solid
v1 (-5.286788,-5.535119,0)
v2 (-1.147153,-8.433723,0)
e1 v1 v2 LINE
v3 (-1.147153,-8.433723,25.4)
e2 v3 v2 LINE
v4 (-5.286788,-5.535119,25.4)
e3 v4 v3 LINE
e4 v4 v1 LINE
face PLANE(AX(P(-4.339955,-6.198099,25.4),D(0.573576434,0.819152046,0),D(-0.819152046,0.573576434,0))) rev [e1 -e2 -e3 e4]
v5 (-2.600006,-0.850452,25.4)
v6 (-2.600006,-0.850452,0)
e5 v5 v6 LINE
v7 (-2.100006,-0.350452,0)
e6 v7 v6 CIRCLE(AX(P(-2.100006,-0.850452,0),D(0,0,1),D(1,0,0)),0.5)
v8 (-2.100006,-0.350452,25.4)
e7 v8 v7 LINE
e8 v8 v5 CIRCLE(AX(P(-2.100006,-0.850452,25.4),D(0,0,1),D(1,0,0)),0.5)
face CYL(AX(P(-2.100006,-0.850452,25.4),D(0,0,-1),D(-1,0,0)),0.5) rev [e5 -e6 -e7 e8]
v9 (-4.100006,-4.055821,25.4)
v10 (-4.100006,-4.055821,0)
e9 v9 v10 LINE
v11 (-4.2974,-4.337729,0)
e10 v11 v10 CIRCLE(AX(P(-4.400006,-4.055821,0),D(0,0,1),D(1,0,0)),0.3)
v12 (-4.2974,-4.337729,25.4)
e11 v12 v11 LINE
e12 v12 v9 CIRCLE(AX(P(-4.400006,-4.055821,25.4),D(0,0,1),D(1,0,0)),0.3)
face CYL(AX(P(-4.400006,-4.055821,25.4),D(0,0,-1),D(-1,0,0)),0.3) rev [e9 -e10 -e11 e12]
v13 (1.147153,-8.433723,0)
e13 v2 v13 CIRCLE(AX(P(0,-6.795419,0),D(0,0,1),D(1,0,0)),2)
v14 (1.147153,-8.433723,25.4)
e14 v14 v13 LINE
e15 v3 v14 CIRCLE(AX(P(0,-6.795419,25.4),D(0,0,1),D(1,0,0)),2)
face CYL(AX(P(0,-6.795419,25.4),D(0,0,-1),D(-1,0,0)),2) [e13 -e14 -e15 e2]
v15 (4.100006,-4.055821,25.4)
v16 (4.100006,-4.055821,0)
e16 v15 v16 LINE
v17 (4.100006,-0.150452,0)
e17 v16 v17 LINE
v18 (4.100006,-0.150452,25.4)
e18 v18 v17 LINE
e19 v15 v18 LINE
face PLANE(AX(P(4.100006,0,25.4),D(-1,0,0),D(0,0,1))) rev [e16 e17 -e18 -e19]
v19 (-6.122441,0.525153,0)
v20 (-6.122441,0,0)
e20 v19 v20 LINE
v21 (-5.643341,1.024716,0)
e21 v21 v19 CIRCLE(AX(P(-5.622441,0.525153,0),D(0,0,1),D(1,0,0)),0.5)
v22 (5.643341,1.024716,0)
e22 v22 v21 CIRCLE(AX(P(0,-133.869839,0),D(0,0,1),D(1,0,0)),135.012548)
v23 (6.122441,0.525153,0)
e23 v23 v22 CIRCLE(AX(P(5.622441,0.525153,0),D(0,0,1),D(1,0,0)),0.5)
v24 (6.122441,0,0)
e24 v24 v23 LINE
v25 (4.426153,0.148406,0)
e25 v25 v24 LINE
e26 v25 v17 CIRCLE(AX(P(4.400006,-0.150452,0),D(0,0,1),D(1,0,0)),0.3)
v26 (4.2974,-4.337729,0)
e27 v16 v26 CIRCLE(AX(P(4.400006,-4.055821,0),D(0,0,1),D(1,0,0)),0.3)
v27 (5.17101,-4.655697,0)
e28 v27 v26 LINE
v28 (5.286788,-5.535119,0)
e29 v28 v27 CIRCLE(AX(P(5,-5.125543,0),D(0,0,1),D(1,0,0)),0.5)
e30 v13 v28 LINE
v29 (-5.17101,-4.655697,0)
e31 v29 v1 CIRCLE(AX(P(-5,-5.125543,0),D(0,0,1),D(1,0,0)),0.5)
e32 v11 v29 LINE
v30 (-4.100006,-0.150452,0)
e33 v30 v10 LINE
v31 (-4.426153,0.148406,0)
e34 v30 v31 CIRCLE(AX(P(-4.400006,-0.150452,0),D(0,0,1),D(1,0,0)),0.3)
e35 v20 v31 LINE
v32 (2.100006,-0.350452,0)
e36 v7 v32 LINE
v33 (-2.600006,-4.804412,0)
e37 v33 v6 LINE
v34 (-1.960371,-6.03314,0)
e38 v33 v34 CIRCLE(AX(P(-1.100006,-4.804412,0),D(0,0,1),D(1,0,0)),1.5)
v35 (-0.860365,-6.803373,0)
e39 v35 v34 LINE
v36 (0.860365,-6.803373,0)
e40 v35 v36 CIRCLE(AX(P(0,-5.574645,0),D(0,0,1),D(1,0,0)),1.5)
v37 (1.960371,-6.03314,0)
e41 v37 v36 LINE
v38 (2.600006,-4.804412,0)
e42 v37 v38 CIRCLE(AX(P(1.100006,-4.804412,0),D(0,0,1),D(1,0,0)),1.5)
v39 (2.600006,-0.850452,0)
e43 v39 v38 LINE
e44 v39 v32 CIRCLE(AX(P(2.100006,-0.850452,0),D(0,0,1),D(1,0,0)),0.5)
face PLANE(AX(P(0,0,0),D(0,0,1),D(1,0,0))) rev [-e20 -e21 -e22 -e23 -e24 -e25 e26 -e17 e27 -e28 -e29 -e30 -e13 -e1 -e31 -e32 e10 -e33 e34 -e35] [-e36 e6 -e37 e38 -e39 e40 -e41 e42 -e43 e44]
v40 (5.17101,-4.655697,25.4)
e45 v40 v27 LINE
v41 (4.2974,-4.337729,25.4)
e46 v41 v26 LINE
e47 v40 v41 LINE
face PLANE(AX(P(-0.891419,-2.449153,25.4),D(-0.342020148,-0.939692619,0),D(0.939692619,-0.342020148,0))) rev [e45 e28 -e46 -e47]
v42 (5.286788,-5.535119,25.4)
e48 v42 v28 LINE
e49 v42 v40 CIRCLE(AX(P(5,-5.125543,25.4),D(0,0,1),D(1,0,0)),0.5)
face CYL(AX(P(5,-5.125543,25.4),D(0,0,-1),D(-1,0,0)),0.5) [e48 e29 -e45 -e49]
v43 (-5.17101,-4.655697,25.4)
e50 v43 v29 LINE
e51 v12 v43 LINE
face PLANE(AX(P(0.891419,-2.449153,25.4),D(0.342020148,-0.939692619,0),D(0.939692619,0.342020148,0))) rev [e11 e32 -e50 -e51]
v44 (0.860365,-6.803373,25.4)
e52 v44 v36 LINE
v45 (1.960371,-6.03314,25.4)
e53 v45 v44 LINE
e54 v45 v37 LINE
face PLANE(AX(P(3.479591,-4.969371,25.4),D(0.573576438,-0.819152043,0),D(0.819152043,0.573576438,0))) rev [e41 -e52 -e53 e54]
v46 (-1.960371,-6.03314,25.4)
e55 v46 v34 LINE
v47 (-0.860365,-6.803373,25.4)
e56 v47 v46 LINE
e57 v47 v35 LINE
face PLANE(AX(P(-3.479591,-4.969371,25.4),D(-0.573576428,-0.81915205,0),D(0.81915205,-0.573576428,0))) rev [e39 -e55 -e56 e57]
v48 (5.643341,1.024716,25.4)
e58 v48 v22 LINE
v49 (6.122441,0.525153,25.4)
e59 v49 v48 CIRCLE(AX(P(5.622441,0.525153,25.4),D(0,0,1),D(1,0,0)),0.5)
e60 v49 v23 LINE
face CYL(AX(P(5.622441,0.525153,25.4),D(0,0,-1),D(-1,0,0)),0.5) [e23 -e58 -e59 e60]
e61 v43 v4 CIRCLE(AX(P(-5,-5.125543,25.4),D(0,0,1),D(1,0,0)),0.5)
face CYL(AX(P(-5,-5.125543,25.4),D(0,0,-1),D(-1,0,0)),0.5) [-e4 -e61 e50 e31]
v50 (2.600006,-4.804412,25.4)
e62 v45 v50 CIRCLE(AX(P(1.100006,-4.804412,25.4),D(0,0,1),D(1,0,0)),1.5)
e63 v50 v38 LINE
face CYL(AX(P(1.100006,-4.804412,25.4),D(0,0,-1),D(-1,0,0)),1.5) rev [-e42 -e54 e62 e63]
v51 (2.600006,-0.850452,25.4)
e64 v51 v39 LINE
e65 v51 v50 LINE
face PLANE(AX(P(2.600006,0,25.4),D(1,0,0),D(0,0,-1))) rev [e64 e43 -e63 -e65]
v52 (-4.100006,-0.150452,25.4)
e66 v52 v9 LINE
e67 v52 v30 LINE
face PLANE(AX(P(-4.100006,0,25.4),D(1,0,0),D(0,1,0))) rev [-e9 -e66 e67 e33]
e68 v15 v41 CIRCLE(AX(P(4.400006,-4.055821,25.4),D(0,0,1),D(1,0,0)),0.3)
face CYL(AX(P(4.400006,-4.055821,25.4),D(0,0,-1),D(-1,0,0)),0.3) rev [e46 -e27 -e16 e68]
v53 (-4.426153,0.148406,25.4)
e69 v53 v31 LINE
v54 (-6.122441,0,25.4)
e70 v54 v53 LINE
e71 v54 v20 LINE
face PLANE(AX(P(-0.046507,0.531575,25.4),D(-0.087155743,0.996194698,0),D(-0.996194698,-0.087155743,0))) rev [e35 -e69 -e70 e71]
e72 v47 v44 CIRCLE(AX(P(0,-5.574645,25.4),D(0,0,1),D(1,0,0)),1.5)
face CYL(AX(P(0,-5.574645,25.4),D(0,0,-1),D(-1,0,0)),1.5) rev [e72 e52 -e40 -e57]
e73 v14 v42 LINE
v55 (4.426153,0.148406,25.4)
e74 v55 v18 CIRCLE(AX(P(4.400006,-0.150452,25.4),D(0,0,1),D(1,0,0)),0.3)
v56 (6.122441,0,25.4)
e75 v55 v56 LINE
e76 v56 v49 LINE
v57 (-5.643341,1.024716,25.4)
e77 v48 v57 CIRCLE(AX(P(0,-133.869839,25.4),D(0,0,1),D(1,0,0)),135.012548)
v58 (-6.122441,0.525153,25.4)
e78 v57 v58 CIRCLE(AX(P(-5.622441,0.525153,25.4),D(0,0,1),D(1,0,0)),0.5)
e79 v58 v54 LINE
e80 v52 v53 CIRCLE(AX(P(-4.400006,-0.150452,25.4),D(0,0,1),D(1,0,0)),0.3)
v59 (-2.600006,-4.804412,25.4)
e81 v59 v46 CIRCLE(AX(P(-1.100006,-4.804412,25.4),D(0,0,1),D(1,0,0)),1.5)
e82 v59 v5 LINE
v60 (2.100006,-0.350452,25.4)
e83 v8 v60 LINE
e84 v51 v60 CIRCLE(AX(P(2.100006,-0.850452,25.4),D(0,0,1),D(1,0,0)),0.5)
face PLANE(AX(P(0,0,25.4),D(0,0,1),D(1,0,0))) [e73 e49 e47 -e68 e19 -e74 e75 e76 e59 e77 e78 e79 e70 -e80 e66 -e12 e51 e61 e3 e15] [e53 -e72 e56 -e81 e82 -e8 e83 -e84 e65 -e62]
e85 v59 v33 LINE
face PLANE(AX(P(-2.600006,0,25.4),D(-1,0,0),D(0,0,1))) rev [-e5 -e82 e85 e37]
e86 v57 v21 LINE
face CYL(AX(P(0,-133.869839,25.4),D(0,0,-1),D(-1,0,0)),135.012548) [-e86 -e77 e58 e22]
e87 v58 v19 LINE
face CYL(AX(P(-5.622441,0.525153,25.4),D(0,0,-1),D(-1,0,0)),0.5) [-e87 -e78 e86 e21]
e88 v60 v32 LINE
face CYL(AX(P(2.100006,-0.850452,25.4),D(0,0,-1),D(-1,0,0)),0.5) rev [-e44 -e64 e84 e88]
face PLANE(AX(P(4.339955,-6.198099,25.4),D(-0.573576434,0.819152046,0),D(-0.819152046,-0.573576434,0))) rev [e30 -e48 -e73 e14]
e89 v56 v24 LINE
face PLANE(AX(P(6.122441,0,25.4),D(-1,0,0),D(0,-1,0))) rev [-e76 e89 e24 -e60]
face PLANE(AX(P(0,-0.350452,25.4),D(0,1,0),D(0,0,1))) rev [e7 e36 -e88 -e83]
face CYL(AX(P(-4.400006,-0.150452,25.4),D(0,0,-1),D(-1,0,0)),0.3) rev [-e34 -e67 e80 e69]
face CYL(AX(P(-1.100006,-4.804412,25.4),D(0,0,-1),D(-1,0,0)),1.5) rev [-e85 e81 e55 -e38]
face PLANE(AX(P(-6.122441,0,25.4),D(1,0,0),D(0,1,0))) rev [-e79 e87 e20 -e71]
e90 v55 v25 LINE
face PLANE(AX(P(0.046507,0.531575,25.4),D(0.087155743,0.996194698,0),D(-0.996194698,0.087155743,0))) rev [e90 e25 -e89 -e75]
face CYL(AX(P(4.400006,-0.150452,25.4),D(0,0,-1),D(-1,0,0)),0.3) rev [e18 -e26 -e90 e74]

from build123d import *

# Parameters (mm, degrees)
EXTRUSION4_DEPTH = 25.4


with BuildPart() as part:
    # Sketch1 → Extrusion4 (new body)
    with BuildSketch(Plane.XY):
        with BuildLine():
            ThreePointArc((5.643340731, 1.02471553), (5e-09, 1.14270907), (-5.643340721, 1.02471553))
            ThreePointArc((-5.643340721, 1.02471553), (-5.983308169, 0.871238001), (-6.12244139, 0.525152514))
            Line((-6.12244139, 0.525152514), (-6.12244139, 0))
            Line((-6.12244139, 0), (-4.426152829, 0.148406019))
            ThreePointArc((-4.426152829, 0.148406019), (-4.197329039, 0.070730809), (-4.1000061, -0.150452395))
            Line((-4.1000061, -0.150452395), (-4.1000061, -4.055821252))
            ThreePointArc((-4.1000061, -4.055821252), (-4.154260478, -4.227894187), (-4.297400051, -4.337729045))
            Line((-4.297400051, -4.337729045), (-5.171010065, -4.655697092))
            ThreePointArc((-5.171010065, -4.655697092), (-5.495722421, -5.060280306), (-5.286788207, -5.535119422))
            Line((-5.286788207, -5.535119422), (-1.147152857, -8.433723282))
            ThreePointArc((-1.147152857, -8.433723282), (1e-08, -8.79541919), (1.147152877, -8.433723282))
            Line((1.147152877, -8.433723282), (5.286788227, -5.535119422))
            ThreePointArc((5.286788227, -5.535119422), (5.495722441, -5.060280306), (5.171010085, -4.655697092))
            Line((5.171010085, -4.655697092), (4.297400071, -4.337729045))
            ThreePointArc((4.297400071, -4.337729045), (4.154260498, -4.227894187), (4.10000611, -4.055821252))
            Line((4.10000611, -4.055821252), (4.10000611, -0.15045238))
            ThreePointArc((4.10000611, -0.15045238), (4.197329045, 0.070730814), (4.426152823, 0.148406021))
            Line((4.426152823, 0.148406021), (6.1224414, 0))
            Line((6.1224414, 0), (6.1224414, 0.525152514))
            ThreePointArc((6.1224414, 0.525152514), (5.983308179, 0.871238001), (5.643340731, 1.02471553))
        make_face()
        with BuildLine():
            ThreePointArc((-2.100006108, -0.35045215), (-2.4535595, -0.49689876), (-2.60000611, -0.850452152))
            Line((-2.60000611, -0.850452152), (-2.60000611, -4.804412051))
            ThreePointArc((-2.60000611, -4.804412051), (-2.430522356, -5.497034977), (-1.960370752, -6.033140126))
            Line((-1.960370752, -6.033140126), (-0.860364633, -6.803372685))
            ThreePointArc((-0.860364633, -6.803372685), (2e-08, -7.07464461), (0.860364668, -6.803372674))
            Line((0.860364668, -6.803372674), (1.960370758, -6.033140115))
            ThreePointArc((1.960370758, -6.033140115), (2.430522351, -5.497034969), (2.6000061, -4.804412051))
            Line((2.6000061, -4.804412051), (2.6000061, -0.850452152))
            ThreePointArc((2.6000061, -0.850452152), (2.45355949, -0.49689876), (2.100006098, -0.35045215))
            Line((2.100006098, -0.35045215), (-2.100006108, -0.35045215))
        make_face(mode=Mode.SUBTRACT)
    extrude(amount=EXTRUSION4_DEPTH)


solid = part.part
